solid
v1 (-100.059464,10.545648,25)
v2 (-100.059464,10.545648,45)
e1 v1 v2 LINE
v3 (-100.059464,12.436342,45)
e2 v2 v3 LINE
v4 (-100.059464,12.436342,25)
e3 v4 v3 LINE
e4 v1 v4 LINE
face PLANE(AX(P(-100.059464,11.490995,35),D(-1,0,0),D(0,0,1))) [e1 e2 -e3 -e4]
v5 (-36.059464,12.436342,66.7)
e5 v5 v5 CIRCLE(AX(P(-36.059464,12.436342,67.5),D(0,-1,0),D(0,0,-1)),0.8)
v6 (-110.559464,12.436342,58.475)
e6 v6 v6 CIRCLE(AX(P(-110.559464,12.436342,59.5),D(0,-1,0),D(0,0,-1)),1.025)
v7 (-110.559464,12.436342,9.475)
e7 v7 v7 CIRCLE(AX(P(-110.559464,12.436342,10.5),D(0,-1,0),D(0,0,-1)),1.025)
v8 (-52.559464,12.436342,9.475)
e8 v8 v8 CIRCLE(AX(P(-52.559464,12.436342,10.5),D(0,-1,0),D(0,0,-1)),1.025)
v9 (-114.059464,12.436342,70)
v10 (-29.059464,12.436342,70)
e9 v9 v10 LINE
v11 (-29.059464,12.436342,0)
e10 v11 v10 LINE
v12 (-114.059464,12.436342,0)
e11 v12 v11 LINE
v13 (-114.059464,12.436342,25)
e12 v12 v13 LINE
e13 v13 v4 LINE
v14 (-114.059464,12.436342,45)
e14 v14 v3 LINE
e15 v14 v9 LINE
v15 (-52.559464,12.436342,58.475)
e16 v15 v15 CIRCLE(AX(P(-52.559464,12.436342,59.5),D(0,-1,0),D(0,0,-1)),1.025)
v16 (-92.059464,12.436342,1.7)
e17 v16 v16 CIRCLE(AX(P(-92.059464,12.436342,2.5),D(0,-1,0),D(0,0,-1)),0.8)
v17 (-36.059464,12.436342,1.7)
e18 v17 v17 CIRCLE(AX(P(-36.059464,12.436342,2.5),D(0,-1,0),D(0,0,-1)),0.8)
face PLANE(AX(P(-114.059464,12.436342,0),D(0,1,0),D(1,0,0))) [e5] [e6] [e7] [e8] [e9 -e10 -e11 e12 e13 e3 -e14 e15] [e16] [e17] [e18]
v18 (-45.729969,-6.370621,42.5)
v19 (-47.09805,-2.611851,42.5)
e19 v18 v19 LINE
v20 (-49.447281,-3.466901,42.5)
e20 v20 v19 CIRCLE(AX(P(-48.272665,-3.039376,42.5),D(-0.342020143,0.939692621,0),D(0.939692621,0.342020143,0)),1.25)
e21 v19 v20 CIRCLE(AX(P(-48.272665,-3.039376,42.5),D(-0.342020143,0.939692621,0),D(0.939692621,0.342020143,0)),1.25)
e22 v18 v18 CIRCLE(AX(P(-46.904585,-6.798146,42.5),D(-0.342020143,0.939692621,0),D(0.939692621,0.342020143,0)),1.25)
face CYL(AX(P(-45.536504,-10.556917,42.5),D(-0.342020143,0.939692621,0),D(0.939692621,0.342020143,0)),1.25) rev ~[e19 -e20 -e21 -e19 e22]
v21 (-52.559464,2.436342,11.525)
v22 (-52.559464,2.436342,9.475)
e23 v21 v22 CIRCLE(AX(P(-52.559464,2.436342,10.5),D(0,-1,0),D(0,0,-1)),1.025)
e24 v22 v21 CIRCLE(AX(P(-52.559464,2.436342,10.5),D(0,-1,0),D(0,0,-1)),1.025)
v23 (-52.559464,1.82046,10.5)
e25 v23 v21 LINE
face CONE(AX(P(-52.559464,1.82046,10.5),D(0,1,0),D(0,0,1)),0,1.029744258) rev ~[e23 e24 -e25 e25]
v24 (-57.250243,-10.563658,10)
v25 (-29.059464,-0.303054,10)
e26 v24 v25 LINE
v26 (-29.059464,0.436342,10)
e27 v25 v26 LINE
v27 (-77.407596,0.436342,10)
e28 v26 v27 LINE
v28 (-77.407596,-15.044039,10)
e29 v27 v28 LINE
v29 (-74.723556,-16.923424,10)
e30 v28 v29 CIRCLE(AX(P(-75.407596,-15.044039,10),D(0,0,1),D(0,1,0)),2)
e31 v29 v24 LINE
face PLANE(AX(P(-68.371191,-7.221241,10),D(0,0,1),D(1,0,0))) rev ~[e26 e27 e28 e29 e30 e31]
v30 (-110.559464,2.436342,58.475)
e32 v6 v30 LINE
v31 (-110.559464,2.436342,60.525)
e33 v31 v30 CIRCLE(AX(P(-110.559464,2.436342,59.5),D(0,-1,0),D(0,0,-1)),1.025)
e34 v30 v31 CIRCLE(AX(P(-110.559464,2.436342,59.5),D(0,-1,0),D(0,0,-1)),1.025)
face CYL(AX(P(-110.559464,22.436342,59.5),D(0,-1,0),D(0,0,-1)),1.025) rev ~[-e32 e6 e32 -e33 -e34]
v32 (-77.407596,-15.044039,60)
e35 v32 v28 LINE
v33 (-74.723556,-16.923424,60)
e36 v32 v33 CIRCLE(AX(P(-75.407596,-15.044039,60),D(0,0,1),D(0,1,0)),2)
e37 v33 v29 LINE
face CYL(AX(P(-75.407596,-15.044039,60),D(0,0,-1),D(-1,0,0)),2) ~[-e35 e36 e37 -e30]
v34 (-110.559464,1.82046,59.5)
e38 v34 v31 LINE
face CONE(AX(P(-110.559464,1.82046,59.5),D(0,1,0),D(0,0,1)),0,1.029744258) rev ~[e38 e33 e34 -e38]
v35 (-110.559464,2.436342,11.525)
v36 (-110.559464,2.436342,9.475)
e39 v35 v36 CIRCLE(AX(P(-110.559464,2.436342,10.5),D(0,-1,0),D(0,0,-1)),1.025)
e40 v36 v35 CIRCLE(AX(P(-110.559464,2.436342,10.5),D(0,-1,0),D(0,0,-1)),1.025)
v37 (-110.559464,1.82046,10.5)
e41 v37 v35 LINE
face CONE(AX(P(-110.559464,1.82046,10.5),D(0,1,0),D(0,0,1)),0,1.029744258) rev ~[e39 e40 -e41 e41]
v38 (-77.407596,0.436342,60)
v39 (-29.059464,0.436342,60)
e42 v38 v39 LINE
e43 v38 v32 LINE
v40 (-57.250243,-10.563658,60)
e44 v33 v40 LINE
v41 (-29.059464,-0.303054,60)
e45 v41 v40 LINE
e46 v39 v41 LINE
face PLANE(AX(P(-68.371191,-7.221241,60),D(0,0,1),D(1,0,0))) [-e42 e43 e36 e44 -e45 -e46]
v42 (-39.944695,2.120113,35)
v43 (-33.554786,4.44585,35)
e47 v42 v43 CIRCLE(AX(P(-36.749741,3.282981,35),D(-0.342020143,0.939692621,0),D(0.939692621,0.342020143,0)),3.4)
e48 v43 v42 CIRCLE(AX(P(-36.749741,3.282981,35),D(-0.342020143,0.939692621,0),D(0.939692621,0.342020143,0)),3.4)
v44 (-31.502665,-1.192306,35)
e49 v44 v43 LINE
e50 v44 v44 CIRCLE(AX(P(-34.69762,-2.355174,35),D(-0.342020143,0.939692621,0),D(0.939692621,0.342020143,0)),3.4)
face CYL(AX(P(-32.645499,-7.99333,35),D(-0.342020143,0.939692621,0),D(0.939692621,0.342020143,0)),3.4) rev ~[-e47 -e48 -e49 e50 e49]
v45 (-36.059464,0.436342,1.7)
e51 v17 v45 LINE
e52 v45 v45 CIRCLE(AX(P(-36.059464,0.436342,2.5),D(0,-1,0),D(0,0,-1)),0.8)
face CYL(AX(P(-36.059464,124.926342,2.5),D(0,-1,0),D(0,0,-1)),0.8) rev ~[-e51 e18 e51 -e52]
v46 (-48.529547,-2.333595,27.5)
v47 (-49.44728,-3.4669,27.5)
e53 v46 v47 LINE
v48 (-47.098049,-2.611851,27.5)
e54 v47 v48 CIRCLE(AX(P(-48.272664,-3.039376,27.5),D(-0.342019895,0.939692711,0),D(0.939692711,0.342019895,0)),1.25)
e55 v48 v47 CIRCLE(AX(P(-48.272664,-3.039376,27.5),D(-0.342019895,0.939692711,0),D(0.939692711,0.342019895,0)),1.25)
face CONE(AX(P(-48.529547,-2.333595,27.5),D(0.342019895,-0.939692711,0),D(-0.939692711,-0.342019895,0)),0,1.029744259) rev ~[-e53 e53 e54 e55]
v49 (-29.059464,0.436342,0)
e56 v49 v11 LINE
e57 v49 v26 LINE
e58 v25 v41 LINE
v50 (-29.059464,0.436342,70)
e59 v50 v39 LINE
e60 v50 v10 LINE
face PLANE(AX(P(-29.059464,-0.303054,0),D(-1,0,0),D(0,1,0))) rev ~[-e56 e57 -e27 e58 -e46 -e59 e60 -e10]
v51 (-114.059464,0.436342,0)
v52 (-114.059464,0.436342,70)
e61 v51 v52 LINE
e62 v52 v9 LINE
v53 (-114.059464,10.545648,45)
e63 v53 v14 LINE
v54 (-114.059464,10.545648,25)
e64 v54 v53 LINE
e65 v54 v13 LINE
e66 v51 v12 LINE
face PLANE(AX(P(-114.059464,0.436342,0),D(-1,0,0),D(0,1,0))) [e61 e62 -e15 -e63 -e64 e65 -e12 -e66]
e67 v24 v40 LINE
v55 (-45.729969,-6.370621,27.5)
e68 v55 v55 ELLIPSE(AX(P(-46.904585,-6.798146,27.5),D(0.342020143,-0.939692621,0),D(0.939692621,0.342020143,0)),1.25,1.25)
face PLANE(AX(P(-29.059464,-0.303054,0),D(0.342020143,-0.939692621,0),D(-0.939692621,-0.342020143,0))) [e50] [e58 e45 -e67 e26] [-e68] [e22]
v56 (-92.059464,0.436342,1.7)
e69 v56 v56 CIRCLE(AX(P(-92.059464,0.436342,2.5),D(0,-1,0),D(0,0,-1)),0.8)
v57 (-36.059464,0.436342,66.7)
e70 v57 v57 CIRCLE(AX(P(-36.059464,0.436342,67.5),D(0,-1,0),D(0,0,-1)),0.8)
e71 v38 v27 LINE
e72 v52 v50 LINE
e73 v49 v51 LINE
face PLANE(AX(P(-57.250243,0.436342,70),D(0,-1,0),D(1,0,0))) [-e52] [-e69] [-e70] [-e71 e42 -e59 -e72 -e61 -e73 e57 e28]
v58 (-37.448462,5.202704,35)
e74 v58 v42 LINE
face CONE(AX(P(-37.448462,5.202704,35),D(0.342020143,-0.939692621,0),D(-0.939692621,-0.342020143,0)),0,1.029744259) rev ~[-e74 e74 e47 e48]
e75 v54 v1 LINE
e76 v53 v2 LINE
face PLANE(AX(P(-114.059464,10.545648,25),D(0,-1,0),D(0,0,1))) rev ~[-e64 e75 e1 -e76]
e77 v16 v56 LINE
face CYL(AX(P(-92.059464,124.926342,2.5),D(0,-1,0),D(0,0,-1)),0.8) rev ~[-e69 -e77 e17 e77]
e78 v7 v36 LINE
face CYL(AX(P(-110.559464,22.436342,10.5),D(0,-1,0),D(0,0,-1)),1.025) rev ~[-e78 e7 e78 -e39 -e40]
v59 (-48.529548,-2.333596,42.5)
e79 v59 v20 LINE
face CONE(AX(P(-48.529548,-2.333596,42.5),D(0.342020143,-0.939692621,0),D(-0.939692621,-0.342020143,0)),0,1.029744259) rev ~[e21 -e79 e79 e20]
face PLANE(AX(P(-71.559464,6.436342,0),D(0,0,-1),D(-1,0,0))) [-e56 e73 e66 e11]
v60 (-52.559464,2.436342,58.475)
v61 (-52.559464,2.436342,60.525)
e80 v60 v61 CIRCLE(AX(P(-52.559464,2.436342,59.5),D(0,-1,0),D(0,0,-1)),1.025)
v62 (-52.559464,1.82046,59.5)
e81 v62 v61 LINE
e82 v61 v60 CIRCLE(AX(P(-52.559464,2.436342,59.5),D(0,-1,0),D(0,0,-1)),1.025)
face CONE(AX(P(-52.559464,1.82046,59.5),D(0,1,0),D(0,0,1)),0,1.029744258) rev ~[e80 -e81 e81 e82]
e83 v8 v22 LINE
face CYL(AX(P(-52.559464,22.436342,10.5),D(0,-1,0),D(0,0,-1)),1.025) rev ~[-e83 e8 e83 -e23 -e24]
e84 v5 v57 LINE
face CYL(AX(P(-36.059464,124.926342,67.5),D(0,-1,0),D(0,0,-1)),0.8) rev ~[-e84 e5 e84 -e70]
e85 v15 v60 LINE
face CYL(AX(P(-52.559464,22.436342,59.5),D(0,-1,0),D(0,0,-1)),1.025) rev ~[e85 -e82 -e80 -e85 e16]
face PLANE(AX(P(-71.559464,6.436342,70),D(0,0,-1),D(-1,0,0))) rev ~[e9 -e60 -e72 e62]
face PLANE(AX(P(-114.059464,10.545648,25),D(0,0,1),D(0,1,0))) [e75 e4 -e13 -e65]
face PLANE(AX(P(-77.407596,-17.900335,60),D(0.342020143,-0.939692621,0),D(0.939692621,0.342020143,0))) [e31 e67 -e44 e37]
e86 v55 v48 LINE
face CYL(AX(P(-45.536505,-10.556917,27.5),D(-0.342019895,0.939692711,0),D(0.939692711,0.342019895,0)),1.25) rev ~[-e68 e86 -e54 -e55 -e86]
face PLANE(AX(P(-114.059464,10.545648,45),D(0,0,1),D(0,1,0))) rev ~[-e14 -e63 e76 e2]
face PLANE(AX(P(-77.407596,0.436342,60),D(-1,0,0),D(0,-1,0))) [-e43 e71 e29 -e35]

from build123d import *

# Parameters (mm, degrees)
BOSS_EXTRUDE1_DEPTH             = 70
CUT_EXTRUDE1_DEPTH              = 10
CUT_EXTRUDE2_DEPTH              = 10
M2_5_TAPPED_HOLE1_D             = 2.05
M2_5_TAPPED_HOLE1_DEPTH         = 10
M2_5_TAPPED_HOLE1_TIP           = 0.615882135
SKETCH8_W                       = 20
SKETCH8_H                       = 1.89069388
CUT_EXTRUDE3_DEPTH              = 14
M8_TAPPED_HOLE1_D               = 6.8
M8_TAPPED_HOLE1_DEPTH           = 6
M8_TAPPED_HOLE1_TIP             = 2.042926105
M3_TAPPED_HOLE1_D               = 2.5
M3_TAPPED_HOLE1_DEPTH           = 4
M3_TAPPED_HOLE1_TIP             = 0.751075774
M3_TAPPED_HOLE1_ON_FACE_2_D     = 2.5
M3_TAPPED_HOLE1_ON_FACE_2_DEPTH = 4
M3_TAPPED_HOLE1_ON_FACE_2_TIP   = 0.751075774
M2_TAPPED_HOLE1_D               = 1.6
BOSS_EXTRUDE2_DEPTH             = 50
FILLET1_R                       = 2


with BuildPart() as part:
    # Sketch1 → Boss-Extrude1 (new body)
    with BuildSketch(Plane.XY):
        Polygon((-29.059463918, 12.436342138), (-29.059463918, 0.436342138), (-57.250242541, 0.436342138), (-114.059463918, 0.436342138), (-114.059463918, 12.436342138), align=None)
        Polygon((-29.059463918, -0.303053562), (-57.250242541, -10.563657862), (-57.250242541, 0.436342138), (-29.059463918, 0.436342138), align=None)
    extrude(amount=BOSS_EXTRUDE1_DEPTH)

    # Sketch2 → Cut-Extrude1 (cut)
    with BuildSketch(Plane.XY.offset(70)):
        Polygon((-57.250242541, 0.436342138), (-29.059463918, 0.436342138), (-29.059463918, -0.303053562), (-57.250242541, -10.563657862), align=None)
    extrude(amount=-CUT_EXTRUDE1_DEPTH, mode=Mode.SUBTRACT)

    # Sketch3 → Cut-Extrude2 (cut)
    with BuildSketch(Plane(origin=(0, 0, 0), x_dir=(-1, 0, 0), z_dir=(0, 0, -1))):
        Polygon((57.250242541, 0.436342138), (57.250242541, -10.563657862), (29.059463918, -0.303053562), (29.059463918, 0.436342138), align=None)
    extrude(amount=-CUT_EXTRUDE2_DEPTH, mode=Mode.SUBTRACT)

    # M2.5 Tapped Hole1
    with Locations(Plane(origin=(-110.559463918, 12.436342138, 10.5), x_dir=(0, 0, 1), z_dir=(0, 1, 0))):
        with Locations((0, 0), (49, 0), (49, 58), (0, 58)):
            Hole(M2_5_TAPPED_HOLE1_D / 2, depth=M2_5_TAPPED_HOLE1_DEPTH)
            with Locations((0, 0, -(M2_5_TAPPED_HOLE1_DEPTH + M2_5_TAPPED_HOLE1_TIP / 2))):  # 118° drill point
                Cone(0, M2_5_TAPPED_HOLE1_D / 2, M2_5_TAPPED_HOLE1_TIP, mode=Mode.SUBTRACT)

    # Sketch8 → Cut-Extrude3 (cut)
    with BuildSketch(Plane.ZY.offset(114.059463918)):
        with Locations((35, 11.490995198)):
            Rectangle(SKETCH8_W, SKETCH8_H)
    extrude(amount=-CUT_EXTRUDE3_DEPTH, mode=Mode.SUBTRACT)

    # M8 Tapped Hole1
    with Locations(Plane(origin=(-34.697619642, -2.355174422, 35), x_dir=(-0.939692620786, -0.342020143326, 0), z_dir=(0.342020143326, -0.939692620786, 0))):
        with Locations((0, 0)):
            Hole(M8_TAPPED_HOLE1_D / 2, depth=M8_TAPPED_HOLE1_DEPTH)
            with Locations((0, 0, -(M8_TAPPED_HOLE1_DEPTH + M8_TAPPED_HOLE1_TIP / 2))):  # 118° drill point
                Cone(0, M8_TAPPED_HOLE1_D / 2, M8_TAPPED_HOLE1_TIP, mode=Mode.SUBTRACT)

    # M3 Tapped Hole1
    with Locations(Plane(origin=(-46.904584862, -6.798146413, 42.5), x_dir=(-0.939692620786, -0.342020143326, 0), z_dir=(0.342020143326, -0.939692620786, 0))):
        with Locations((0, 0)):
            Hole(M3_TAPPED_HOLE1_D / 2, depth=M3_TAPPED_HOLE1_DEPTH)
            with Locations((0, 0, -(M3_TAPPED_HOLE1_DEPTH + M3_TAPPED_HOLE1_TIP / 2))):  # 118° drill point
                Cone(0, M3_TAPPED_HOLE1_D / 2, M3_TAPPED_HOLE1_TIP, mode=Mode.SUBTRACT)

    # M3 Tapped Hole1 on face 2
    with Locations(Plane(origin=(-46.904584862, -6.798146413, 27.5), x_dir=(-0.939692711209, -0.342019894889, 0), z_dir=(0.342019894889, -0.939692711209, 0))):
        with Locations((0, 0)):
            Hole(M3_TAPPED_HOLE1_ON_FACE_2_D / 2, depth=M3_TAPPED_HOLE1_ON_FACE_2_DEPTH)
            with Locations((0, 0, -(M3_TAPPED_HOLE1_ON_FACE_2_DEPTH + M3_TAPPED_HOLE1_ON_FACE_2_TIP / 2))):  # 118° drill point
                Cone(0, M3_TAPPED_HOLE1_ON_FACE_2_D / 2, M3_TAPPED_HOLE1_ON_FACE_2_TIP, mode=Mode.SUBTRACT)

    # M2 Tapped Hole1 (through all)
    with Locations(Plane(origin=(-36.059463918, 12.436342138, 67.5), x_dir=(0, 0, 1), z_dir=(0, 1, 0))):
        with Locations((0, 0), (-65, 0), (-65, -56)):
            Hole(M2_TAPPED_HOLE1_D / 2)

    # Sketch17 → Boss-Extrude2 (add)
    with BuildSketch(Plane.XY.offset(60)):
        Polygon((-57.250242541, 0.436342138), (-77.407596349, 0.436342138), (-77.407596349, -17.900334649), (-57.250242541, -10.563657862), align=None)
    extrude(amount=-BOSS_EXTRUDE2_DEPTH)

    # Fillet1
    fillet1_edges = [part.edges().sort_by_distance(p)[0] for p in [
        (-77.407596349, -17.900334649, 35),
    ]]
    fillet(fillet1_edges, radius=FILLET1_R)


solid = part.part
